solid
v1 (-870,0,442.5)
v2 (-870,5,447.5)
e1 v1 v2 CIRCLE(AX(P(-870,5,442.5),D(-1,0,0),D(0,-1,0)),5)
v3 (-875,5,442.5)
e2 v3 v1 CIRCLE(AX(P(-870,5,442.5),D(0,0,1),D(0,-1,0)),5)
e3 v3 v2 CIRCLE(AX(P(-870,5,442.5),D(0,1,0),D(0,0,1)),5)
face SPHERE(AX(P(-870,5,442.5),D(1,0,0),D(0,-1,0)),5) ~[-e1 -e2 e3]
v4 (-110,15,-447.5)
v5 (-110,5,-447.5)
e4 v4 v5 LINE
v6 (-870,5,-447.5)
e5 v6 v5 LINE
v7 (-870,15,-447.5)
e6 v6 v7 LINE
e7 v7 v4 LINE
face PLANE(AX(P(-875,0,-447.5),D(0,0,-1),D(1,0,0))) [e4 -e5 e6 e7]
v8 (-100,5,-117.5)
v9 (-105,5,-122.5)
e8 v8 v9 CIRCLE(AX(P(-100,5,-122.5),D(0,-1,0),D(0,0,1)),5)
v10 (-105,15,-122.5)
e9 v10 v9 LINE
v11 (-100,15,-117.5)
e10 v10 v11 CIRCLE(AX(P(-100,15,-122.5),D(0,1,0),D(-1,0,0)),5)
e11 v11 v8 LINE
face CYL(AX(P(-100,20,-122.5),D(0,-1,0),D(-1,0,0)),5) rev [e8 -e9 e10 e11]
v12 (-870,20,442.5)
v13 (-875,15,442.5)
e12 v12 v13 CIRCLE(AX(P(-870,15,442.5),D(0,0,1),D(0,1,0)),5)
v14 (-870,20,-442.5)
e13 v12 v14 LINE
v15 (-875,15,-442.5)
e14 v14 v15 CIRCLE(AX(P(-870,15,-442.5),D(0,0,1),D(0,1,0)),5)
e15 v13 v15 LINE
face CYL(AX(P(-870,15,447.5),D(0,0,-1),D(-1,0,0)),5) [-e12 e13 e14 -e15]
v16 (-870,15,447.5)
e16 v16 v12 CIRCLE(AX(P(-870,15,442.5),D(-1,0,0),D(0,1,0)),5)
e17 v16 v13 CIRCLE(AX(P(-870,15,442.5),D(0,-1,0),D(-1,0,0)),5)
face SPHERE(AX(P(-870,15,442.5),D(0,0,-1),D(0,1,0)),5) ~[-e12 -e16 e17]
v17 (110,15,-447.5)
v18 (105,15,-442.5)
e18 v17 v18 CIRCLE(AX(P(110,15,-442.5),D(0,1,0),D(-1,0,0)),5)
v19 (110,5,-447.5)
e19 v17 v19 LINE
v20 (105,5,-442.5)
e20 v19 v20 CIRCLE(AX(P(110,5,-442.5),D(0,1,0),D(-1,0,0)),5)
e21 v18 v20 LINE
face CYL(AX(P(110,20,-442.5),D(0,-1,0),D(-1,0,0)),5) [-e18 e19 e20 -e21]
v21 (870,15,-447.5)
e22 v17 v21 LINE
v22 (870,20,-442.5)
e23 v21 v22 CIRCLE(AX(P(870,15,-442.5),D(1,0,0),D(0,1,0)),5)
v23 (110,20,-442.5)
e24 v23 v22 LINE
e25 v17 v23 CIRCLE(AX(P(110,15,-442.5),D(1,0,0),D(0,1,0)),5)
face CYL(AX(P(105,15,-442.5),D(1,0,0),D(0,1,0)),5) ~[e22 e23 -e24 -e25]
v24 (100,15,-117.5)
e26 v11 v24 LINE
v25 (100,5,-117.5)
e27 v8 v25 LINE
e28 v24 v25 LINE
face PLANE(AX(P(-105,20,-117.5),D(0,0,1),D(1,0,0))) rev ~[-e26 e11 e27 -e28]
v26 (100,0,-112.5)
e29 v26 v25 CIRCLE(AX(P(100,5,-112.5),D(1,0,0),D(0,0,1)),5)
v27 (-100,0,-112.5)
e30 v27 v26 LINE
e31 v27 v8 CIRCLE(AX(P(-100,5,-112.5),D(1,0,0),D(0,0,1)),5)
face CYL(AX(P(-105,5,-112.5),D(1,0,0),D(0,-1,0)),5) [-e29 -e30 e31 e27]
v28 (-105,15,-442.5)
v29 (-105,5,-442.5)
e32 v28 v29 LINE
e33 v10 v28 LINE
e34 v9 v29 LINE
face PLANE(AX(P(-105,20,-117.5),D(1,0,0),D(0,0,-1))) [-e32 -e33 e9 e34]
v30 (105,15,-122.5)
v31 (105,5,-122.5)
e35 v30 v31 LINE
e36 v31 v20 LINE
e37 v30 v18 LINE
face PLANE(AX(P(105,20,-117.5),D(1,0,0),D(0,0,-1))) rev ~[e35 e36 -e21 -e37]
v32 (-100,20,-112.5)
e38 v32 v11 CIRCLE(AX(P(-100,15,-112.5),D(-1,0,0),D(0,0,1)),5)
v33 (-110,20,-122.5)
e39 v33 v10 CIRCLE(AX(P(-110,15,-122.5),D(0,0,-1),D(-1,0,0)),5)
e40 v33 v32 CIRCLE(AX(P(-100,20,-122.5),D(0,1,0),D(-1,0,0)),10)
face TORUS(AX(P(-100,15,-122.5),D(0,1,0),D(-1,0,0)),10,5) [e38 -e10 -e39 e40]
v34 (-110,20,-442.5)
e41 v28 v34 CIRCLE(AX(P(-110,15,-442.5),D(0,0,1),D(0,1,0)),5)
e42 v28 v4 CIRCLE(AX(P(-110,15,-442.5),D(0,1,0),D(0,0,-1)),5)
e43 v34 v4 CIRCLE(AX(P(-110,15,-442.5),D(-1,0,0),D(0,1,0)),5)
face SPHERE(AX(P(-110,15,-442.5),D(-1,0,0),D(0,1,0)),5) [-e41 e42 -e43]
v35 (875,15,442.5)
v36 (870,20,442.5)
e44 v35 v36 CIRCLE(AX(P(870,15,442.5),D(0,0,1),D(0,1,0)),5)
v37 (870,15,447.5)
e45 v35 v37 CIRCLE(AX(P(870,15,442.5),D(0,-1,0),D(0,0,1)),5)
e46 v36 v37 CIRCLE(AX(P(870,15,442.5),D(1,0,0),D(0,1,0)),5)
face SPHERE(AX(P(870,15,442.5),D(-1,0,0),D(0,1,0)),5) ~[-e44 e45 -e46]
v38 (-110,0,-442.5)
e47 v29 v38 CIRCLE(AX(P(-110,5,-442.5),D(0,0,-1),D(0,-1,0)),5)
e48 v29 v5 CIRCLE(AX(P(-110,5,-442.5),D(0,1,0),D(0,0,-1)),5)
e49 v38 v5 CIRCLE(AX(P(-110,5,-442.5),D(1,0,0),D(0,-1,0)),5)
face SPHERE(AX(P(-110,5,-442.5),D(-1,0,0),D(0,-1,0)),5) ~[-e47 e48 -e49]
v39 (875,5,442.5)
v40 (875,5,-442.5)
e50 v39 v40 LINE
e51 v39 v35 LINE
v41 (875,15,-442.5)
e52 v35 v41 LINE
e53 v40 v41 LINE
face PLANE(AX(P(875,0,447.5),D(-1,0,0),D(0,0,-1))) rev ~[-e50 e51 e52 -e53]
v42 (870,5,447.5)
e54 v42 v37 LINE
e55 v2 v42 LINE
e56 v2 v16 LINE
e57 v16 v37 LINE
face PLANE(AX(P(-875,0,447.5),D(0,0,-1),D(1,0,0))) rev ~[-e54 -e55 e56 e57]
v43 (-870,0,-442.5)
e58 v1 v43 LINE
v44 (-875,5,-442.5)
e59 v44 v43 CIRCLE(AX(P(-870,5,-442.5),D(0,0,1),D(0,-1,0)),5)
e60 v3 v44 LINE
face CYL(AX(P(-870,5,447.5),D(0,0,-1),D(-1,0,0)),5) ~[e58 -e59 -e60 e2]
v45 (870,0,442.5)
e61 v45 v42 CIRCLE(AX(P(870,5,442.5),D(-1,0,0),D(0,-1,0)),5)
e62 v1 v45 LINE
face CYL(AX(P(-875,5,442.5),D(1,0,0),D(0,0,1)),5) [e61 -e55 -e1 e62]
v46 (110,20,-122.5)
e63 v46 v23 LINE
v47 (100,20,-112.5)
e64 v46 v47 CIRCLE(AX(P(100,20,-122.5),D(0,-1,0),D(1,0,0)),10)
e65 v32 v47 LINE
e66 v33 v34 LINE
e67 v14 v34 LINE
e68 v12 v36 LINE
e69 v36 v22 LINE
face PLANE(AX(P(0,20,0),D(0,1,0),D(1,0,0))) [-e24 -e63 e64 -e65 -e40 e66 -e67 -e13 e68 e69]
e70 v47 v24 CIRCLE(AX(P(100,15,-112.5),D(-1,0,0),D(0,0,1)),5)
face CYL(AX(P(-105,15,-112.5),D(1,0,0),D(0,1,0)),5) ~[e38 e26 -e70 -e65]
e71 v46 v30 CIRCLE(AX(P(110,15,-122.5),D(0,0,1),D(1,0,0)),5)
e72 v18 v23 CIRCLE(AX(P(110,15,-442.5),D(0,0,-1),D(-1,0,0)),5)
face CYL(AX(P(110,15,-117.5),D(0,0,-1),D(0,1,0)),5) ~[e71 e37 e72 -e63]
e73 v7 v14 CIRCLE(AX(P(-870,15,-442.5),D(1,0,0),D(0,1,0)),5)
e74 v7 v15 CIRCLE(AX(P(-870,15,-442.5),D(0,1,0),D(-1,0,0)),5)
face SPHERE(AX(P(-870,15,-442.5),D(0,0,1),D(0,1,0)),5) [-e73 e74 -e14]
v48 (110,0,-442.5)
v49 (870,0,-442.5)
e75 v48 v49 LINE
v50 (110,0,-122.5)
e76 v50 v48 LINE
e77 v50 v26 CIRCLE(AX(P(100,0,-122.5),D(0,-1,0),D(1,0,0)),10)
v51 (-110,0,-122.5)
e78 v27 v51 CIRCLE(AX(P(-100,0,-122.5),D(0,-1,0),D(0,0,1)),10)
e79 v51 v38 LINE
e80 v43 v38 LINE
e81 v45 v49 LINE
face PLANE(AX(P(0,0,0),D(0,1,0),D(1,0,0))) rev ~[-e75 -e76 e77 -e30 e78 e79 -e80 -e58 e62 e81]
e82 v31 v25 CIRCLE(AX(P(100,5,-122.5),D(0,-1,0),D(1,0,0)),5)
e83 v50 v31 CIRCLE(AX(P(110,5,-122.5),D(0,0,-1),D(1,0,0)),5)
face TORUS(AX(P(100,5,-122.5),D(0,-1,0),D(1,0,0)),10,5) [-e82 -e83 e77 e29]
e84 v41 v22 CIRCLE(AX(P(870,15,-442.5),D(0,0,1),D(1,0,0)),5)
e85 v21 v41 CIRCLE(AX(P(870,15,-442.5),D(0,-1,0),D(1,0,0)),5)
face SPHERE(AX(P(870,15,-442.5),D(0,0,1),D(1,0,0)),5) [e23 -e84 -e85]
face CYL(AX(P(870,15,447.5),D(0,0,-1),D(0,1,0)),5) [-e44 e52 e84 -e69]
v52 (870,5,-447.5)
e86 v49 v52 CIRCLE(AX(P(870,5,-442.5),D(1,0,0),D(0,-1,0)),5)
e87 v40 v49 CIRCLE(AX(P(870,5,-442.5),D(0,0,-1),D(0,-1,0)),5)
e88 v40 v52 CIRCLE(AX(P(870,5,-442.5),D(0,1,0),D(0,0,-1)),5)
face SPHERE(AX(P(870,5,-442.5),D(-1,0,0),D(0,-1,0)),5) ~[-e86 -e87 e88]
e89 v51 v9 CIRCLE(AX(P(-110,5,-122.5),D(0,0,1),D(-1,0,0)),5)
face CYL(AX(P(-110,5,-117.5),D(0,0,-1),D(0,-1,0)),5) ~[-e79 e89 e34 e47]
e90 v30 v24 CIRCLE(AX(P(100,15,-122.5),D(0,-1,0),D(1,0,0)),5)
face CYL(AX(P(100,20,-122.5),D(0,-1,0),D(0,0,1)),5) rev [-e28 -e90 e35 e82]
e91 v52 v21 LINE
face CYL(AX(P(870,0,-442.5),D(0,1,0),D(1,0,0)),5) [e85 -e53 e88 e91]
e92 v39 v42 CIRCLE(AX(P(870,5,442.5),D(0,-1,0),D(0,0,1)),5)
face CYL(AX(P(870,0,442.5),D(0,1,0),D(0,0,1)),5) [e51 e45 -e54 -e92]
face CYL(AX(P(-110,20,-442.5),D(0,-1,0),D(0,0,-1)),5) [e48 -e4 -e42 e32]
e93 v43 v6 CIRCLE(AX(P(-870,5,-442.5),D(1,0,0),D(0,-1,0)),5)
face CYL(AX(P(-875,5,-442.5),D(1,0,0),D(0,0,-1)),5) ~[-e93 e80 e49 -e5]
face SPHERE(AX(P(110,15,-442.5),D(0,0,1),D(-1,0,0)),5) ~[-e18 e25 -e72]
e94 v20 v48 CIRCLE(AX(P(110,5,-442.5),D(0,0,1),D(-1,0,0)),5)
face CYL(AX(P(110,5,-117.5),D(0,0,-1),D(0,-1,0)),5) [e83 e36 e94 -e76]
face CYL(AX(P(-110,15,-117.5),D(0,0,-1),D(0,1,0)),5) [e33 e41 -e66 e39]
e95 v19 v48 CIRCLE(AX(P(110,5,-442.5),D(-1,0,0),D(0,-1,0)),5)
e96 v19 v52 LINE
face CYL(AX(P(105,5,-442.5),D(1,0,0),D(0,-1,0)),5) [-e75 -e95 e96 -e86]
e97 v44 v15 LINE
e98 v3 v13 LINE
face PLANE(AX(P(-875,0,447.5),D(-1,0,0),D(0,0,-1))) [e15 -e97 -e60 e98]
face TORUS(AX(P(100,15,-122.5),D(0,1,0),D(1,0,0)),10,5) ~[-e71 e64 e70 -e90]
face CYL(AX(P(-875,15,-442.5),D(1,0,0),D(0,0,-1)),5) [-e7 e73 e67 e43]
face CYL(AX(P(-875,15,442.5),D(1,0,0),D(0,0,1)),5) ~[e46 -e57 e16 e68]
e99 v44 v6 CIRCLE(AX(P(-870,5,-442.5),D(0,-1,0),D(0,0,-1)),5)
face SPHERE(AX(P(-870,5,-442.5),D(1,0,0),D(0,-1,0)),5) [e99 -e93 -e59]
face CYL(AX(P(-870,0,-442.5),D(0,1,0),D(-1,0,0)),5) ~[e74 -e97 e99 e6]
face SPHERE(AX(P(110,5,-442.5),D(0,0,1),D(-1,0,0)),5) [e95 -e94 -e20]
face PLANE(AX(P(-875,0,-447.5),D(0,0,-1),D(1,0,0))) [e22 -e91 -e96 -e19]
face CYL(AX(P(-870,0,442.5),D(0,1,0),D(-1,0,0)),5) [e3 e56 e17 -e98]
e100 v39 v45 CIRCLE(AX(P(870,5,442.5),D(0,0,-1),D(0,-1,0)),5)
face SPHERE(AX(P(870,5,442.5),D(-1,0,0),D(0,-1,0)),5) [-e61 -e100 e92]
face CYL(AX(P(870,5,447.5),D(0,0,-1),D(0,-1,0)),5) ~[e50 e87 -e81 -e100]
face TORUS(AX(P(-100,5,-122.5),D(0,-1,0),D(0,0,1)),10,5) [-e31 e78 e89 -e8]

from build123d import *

# Parameters (mm, degrees)
SKETCH1_W           = 1750
SKETCH1_H           = 895
BOSS_EXTRUDE1_DEPTH = 20
SKETCH2_W           = 210
SKETCH2_H           = 660
CUT_EXTRUDE1_DEPTH  = 20
FILLET1_R           = 5


with BuildPart() as part:
    # Sketch1 → Boss-Extrude1 (new body)
    with BuildSketch(Plane(origin=(0, 0, 0), x_dir=(1, 0, 0), z_dir=(0, 1, 0))):
        Rectangle(SKETCH1_W, SKETCH1_H)
    extrude(amount=BOSS_EXTRUDE1_DEPTH)

    # Sketch2 → Cut-Extrude1 (cut)
    with BuildSketch(Plane(origin=(0, 20, 0), x_dir=(1, 0, 0), z_dir=(0, 1, 0))):
        with Locations((0, 447.5)):
            Rectangle(SKETCH2_W, SKETCH2_H)
    extrude(amount=-CUT_EXTRUDE1_DEPTH, mode=Mode.SUBTRACT)

    # Fillet1
    fillet1_edges = [part.edges().sort_by_distance(p)[0] for p in [
        (-875, 20, 0),
        (-490, 0, -447.5),
        (-105, 0, -282.5),
        (-490, 20, -447.5),
        (0, 20, 447.5),
        (105, 20, -282.5),
        (-105, 20, -282.5),
        (0, 20, -117.5),
        (105, 0, -282.5),
        (105, 10, -447.5),
        (-105, 10, -447.5),
        (-105, 10, -117.5),
        (0, 0, -117.5),
        (105, 10, -117.5),
        (875, 20, 0),
        (0, 0, 447.5),
        (-875, 0, 0),
        (490, 0, -447.5),
        (875, 0, 0),
        (875, 10, 447.5),
        (-875, 10, 447.5),
        (-875, 10, -447.5),
        (875, 10, -447.5),
        (490, 20, -447.5),
    ]]
    fillet(fillet1_edges, radius=FILLET1_R)


solid = part.part
